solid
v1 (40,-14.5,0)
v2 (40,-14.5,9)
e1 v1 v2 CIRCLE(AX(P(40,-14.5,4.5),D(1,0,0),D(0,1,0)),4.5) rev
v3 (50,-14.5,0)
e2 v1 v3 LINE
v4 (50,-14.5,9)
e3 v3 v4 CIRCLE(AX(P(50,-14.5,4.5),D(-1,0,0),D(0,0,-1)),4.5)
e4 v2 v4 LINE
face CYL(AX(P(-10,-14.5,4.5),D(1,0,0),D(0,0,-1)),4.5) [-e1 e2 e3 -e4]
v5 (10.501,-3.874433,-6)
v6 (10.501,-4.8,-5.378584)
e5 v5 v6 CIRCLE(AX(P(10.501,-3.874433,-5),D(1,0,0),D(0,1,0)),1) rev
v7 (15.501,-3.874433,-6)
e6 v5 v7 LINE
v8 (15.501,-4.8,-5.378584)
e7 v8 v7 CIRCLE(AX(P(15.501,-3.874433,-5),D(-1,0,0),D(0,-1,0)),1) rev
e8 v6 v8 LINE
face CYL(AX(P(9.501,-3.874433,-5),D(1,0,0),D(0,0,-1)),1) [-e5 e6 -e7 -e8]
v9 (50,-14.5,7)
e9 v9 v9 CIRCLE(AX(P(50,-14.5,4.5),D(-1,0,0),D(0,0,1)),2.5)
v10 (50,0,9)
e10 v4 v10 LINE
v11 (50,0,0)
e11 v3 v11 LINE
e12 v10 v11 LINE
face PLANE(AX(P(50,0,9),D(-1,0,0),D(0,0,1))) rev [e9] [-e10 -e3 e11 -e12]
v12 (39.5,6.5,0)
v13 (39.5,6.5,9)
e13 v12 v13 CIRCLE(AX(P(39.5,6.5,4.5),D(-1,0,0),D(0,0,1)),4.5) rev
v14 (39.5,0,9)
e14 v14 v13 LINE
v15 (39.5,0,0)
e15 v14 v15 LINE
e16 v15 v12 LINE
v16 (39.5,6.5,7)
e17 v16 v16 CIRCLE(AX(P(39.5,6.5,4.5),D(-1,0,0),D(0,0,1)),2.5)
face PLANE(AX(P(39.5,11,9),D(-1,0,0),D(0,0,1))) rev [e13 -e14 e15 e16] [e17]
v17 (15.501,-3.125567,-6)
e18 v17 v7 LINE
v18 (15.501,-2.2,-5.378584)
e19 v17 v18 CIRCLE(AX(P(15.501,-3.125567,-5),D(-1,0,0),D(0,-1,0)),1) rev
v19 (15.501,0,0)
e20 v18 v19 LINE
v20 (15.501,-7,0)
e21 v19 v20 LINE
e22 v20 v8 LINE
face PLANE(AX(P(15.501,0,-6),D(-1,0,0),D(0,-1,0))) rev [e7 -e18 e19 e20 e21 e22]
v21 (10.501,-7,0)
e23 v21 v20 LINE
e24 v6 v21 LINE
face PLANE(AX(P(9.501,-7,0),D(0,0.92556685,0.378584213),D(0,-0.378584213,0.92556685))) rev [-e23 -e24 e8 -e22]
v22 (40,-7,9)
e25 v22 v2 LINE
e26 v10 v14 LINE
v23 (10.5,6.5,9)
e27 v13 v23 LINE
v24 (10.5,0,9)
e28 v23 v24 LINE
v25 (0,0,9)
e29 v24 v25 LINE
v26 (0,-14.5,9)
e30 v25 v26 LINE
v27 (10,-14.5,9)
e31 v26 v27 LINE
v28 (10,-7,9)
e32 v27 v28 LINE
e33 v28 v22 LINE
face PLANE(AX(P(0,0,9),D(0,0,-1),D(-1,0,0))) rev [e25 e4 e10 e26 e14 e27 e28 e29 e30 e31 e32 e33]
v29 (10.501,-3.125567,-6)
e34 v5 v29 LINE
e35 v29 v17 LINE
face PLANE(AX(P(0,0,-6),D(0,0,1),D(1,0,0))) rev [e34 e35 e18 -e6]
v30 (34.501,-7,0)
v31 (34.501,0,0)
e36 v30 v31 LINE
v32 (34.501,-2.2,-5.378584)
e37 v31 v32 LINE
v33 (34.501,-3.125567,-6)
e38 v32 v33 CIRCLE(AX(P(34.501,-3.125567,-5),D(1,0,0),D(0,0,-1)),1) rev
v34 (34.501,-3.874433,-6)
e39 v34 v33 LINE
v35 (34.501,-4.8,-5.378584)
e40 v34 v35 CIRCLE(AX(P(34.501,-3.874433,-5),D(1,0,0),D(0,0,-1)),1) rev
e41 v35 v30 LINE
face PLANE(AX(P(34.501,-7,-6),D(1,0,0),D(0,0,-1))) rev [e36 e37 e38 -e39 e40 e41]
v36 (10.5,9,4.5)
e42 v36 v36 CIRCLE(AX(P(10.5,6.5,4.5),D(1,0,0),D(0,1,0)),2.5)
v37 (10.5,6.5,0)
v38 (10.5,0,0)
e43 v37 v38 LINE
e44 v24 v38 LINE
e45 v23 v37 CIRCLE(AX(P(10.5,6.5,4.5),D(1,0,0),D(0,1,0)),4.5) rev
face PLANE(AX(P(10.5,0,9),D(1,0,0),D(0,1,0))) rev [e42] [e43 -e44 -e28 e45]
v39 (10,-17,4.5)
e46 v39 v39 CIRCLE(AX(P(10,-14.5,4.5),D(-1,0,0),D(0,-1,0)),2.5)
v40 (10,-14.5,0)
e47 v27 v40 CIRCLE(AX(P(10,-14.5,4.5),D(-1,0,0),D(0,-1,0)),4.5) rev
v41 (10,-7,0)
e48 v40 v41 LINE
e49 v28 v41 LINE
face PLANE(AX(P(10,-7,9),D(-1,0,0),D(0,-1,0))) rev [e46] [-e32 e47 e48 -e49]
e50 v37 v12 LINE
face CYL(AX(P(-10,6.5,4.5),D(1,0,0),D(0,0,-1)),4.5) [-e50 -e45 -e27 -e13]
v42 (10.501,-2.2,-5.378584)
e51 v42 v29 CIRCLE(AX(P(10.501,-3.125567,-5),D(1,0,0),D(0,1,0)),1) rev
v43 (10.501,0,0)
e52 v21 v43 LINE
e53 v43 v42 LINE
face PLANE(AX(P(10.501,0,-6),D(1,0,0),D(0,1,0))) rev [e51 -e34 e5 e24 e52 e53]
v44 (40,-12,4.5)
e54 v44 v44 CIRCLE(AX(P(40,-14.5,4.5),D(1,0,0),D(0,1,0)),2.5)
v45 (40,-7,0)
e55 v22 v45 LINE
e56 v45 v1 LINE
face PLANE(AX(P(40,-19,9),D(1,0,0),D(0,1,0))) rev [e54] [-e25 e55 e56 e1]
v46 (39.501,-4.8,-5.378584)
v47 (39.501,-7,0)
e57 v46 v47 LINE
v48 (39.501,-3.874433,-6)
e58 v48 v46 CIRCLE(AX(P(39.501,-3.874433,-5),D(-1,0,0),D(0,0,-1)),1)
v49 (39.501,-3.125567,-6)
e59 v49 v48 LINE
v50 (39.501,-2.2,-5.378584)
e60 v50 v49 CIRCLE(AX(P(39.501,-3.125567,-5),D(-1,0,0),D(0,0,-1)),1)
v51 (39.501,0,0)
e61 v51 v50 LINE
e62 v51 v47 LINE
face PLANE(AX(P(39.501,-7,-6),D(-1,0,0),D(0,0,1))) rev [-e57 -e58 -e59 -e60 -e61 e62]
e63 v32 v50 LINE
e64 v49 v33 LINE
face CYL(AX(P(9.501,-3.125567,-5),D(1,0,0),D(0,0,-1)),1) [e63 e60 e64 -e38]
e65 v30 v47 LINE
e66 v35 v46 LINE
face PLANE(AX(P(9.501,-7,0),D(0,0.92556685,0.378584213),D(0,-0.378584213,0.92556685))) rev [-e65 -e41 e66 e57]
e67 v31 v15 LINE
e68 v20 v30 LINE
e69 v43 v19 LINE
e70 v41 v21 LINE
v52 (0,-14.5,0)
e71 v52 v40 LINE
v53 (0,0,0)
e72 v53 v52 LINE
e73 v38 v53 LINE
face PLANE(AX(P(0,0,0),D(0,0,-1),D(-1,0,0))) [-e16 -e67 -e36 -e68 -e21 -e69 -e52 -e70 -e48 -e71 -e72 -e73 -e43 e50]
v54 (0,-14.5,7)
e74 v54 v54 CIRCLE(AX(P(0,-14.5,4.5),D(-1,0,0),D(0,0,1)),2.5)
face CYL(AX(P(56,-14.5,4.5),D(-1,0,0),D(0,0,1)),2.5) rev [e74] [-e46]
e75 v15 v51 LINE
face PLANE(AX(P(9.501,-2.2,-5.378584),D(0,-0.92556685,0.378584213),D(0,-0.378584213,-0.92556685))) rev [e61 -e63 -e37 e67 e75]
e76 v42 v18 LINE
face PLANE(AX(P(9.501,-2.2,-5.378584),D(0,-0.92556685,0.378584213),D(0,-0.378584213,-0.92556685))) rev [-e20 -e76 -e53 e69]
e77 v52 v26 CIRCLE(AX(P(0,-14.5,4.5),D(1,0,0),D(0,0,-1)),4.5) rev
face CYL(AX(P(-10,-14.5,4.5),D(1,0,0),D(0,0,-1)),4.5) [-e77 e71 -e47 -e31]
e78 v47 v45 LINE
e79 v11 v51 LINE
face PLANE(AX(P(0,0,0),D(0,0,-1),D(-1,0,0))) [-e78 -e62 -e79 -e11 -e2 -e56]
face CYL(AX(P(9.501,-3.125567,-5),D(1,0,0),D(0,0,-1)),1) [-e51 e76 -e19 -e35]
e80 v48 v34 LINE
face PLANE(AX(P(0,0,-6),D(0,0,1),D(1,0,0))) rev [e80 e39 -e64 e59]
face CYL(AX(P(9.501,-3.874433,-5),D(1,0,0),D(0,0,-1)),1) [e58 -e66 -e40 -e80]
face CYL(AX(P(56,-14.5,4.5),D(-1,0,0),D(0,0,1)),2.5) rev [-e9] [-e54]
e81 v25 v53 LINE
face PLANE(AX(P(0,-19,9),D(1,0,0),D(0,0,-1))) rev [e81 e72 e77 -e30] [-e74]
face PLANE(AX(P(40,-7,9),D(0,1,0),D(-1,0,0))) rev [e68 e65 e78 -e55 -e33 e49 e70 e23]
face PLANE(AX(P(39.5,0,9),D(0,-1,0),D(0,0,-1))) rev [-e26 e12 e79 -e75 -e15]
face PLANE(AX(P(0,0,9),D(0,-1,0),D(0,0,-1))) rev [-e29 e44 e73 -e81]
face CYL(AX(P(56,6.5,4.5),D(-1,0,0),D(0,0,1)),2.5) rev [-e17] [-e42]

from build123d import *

# Parameters (mm, degrees)
BOSS_EXTRUDE1_DEPTH = 9
SKETCH2_R           = 2.5
CUT_EXTRUDE1_DEPTH  = 56
SKETCH5_W           = 5
SKETCH5_H           = 7
BOSS_EXTRUDE2_DEPTH = 6
CUT_EXTRUDE3_DEPTH  = 30
CUT_EXTRUDE4_DEPTH  = 60


with BuildPart() as part:
    # Sketch1 → Boss-Extrude1 (new body)
    with BuildSketch(Plane.XY):
        Polygon((0, 0), (10.5, 0), (10.5, 11), (39.5, 11), (39.5, 0), (50, 0), (50, -19), (40, -19), (40, -7), (10, -7), (10, -19), (0, -19), align=None)
    extrude(amount=BOSS_EXTRUDE1_DEPTH)

    # Sketch2 → Cut-Extrude1 (cut)
    with BuildSketch(Plane.ZY):
        with Locations((4.5, -14.5)):
            Circle(SKETCH2_R)
        with Locations((4.5, 6.5)):
            Circle(SKETCH2_R)
    extrude(amount=-CUT_EXTRUDE1_DEPTH, mode=Mode.SUBTRACT)

    # Sketch5 → Boss-Extrude2 (add)
    with BuildSketch(Plane(origin=(0, 0, 0), x_dir=(-1, 0, 0), z_dir=(0, 0, -1))):
        with Locations((-13.001, -3.5)):
            Rectangle(SKETCH5_W, SKETCH5_H)
        with Locations((-37.001, -3.5)):
            Rectangle(SKETCH5_W, SKETCH5_H)
    extrude(amount=BOSS_EXTRUDE2_DEPTH)

    # Sketch6 → Cut-Extrude3 (cut)
    with BuildSketch(Plane(origin=(39.501, 0, 0), x_dir=(0, 0, -1), z_dir=(1, 0, 0))):
        with BuildLine():
            Line((0, -7), (5.378584213, -4.8))
            ThreePointArc((5.378584213, -4.8), (5.830236175, -4.431844931), (6, -3.87443315))
            Line((6, -3.87443315), (6, -3.12556685))
            ThreePointArc((6, -3.12556685), (5.830236175, -2.568155069), (5.378584213, -2.2))
            Line((5.378584213, -2.2), (0, 0))
            Line((0, 0), (0, 0.711055657))
            Line((0, 0.711055657), (7.382706711, 0.711055657))
            Line((7.382706711, 0.711055657), (7.382706711, -8.433389186))
            Line((7.382706711, -8.433389186), (0, -8.433389186))
            Line((0, -8.433389186), (0, -7))
        make_face()
    extrude(amount=-CUT_EXTRUDE3_DEPTH, mode=Mode.SUBTRACT)

    # Sketch7 → Cut-Extrude4 (cut)
    with BuildSketch(Plane(origin=(50, 0, 0), x_dir=(0, 0, -1), z_dir=(1, 0, 0))):
        with BuildLine():
            Line((0, 6.5), (1.728310858, 6.5))
            Line((1.728310858, 6.5), (1.728310858, 12.31373859))
            Line((1.728310858, 12.31373859), (-10.493151676, 12.31373859))
            Line((-10.493151676, 12.31373859), (-10.493151676, 4.742580982))
            Line((-10.493151676, 4.742580982), (-9, 6.5))
            ThreePointArc((-9, 6.5), (-4.5, 11), (0, 6.5))
        make_face()
        with BuildLine():
            Line((0, -14.5), (1.22869132, -14.5))
            Line((1.22869132, -14.5), (1.22869132, -21.122338154))
            Line((1.22869132, -21.122338154), (-10.493151676, -21.122338154))
            Line((-10.493151676, -21.122338154), (-10.493151676, -14.5))
            Line((-10.493151676, -14.5), (-9, -14.5))
            ThreePointArc((-9, -14.5), (-4.5, -19), (0, -14.5))
        make_face()
    extrude(amount=-CUT_EXTRUDE4_DEPTH, mode=Mode.SUBTRACT)


solid = part.part
